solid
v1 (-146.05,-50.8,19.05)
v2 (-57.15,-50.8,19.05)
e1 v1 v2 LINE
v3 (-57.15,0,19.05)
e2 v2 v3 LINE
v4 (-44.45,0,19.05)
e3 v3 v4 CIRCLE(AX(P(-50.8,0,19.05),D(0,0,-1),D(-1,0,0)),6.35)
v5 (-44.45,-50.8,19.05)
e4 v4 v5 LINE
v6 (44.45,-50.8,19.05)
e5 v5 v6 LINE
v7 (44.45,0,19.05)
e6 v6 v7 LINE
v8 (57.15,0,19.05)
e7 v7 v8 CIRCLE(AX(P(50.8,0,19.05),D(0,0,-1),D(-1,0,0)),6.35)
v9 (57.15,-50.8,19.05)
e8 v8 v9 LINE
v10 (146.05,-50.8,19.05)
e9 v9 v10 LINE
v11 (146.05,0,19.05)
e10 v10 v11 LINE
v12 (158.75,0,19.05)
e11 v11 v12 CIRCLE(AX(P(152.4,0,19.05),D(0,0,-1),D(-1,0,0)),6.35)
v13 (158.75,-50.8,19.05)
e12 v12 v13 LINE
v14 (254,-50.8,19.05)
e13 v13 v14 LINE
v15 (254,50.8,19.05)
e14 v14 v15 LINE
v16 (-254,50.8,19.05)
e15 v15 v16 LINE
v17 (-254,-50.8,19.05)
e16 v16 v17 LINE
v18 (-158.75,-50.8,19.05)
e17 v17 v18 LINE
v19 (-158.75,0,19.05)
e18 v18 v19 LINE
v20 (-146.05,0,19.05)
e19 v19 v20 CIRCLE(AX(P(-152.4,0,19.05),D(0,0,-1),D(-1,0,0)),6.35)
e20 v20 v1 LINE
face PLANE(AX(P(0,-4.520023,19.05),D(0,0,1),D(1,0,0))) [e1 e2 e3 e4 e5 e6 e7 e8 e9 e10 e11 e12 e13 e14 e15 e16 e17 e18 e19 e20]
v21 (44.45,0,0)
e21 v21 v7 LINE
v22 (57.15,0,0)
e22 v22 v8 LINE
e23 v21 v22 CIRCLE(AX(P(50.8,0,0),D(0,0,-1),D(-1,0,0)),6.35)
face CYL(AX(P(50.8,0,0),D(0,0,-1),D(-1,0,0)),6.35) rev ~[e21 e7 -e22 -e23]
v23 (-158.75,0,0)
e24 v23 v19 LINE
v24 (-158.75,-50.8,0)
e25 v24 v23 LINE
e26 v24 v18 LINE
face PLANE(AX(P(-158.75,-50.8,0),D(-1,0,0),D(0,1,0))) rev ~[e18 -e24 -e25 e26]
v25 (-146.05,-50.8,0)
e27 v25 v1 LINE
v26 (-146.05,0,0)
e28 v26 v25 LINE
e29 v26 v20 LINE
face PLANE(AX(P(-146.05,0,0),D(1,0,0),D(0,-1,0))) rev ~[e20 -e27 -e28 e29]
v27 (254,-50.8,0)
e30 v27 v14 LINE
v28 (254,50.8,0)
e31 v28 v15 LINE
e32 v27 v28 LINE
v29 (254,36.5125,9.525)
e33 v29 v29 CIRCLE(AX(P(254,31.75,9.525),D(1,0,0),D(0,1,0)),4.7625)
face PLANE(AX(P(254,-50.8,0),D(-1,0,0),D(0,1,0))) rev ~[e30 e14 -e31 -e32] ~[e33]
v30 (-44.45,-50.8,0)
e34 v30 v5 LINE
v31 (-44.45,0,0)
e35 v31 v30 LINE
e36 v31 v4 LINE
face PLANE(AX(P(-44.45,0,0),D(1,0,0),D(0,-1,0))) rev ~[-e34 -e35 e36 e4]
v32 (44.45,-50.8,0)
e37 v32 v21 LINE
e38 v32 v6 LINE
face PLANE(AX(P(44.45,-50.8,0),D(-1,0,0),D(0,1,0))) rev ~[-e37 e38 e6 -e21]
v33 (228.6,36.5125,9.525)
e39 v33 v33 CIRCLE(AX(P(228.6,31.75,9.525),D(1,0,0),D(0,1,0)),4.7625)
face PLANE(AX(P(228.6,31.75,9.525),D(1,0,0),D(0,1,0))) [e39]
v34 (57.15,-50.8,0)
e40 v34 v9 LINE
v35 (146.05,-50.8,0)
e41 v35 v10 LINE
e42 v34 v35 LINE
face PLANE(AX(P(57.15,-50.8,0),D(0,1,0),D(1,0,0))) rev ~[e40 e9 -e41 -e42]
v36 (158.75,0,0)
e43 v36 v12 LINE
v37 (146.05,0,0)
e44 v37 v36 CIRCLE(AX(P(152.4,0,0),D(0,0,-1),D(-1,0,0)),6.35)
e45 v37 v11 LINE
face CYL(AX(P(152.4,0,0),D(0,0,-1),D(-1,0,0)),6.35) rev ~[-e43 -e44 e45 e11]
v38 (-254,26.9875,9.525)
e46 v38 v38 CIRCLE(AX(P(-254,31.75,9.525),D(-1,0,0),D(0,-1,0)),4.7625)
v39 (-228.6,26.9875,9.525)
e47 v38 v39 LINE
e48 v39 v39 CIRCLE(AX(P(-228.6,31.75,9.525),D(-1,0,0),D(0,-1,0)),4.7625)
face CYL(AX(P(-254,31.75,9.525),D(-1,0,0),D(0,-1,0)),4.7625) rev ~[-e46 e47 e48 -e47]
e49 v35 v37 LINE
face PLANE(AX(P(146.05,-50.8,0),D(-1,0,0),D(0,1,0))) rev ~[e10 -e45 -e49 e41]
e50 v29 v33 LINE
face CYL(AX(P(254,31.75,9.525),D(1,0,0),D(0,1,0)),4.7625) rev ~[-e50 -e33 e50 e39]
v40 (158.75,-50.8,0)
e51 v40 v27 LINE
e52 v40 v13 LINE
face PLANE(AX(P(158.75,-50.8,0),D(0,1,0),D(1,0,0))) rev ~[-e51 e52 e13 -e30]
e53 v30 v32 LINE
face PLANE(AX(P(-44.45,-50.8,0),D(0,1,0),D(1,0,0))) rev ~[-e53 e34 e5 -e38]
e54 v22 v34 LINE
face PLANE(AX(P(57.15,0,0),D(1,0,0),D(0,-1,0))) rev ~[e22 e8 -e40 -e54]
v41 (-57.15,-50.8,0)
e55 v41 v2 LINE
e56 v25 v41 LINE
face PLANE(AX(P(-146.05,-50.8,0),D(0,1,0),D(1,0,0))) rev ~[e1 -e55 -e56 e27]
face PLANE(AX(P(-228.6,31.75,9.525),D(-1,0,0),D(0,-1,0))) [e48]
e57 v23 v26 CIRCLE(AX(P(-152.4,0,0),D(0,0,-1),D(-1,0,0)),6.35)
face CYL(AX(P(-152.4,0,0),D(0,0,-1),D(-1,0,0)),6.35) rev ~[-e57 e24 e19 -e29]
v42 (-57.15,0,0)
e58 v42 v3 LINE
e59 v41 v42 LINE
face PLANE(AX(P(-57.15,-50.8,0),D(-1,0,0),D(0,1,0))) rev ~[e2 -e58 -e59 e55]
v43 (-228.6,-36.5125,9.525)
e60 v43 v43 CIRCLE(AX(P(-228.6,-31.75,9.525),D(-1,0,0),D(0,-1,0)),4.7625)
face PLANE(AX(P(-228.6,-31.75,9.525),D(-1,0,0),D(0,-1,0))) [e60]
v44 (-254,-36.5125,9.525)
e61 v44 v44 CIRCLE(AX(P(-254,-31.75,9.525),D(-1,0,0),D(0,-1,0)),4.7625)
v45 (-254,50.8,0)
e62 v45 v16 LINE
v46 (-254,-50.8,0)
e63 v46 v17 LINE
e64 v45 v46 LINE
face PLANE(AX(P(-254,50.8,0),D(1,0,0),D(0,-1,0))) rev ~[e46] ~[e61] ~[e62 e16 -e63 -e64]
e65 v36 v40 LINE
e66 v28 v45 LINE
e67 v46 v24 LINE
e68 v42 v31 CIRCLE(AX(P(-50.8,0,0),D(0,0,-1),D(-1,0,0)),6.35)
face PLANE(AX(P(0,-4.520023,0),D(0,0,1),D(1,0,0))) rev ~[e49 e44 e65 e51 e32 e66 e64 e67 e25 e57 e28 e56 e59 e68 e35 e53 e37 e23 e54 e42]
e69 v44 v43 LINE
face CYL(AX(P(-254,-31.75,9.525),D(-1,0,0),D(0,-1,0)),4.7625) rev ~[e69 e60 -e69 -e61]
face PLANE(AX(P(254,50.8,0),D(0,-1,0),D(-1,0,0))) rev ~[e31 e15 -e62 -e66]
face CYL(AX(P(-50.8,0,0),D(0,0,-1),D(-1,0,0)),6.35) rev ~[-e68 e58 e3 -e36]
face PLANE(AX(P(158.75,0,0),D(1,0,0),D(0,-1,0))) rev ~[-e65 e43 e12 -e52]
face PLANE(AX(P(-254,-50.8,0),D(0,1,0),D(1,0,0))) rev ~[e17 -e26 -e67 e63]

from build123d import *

# Parameters (mm, degrees)
F1_DEPTH = 19.05
F2_R     = 4.7625
F3_DEPTH = 25.4
F4_R     = 4.7625
F5_DEPTH = 25.4


with BuildPart() as f1:
    # F0 (on Top) → F1 (new body)
    with BuildSketch(Plane.XY):
        with BuildLine():
            Line((254, -50.8), (254, 50.8))
            Line((254, 50.8), (-254, 50.8))
            Line((-254, 50.8), (-254, -50.8))
            Line((-254, -50.8), (-158.75, -50.8))
            Line((-158.75, -50.8), (-158.75, 0))
            ThreePointArc((-158.75, 0), (-152.4, 6.35), (-146.05, 0))
            Line((-146.05, 0), (-146.05, -50.8))
            Line((-146.05, -50.8), (-57.15, -50.8))
            Line((-57.15, -50.8), (-57.15, 0))
            ThreePointArc((-57.15, 0), (-50.8, 6.35), (-44.45, 0))
            Line((-44.45, 0), (-44.45, -50.8))
            Line((-44.45, -50.8), (44.45, -50.8))
            Line((44.45, -50.8), (44.45, 0))
            ThreePointArc((44.45, 0), (50.8, 6.35), (57.15, 0))
            Line((57.15, 0), (57.15, -50.8))
            Line((57.15, -50.8), (146.05, -50.8))
            Line((146.05, -50.8), (146.05, 0))
            ThreePointArc((146.05, 0), (152.4, 6.35), (158.75, 0))
            Line((158.75, 0), (158.75, -50.8))
            Line((158.75, -50.8), (254, -50.8))
        make_face()
    extrude(amount=F1_DEPTH)

    # F2 (on face) → F3 (cut)
    with BuildSketch(Plane.YZ.offset(254)):
        with Locations((31.75, 9.525)):
            Circle(F2_R)
    extrude(amount=-F3_DEPTH, mode=Mode.SUBTRACT)

    # F4 (on face) → F5 (cut)
    with BuildSketch(Plane(origin=(-254, 0, 0), x_dir=(0, -1, 0), z_dir=(-1, 0, 0))):
        with Locations((-31.75, 9.525)):
            Circle(F4_R)
        with Locations((31.75, 9.525)):
            Circle(F4_R)
    extrude(amount=-F5_DEPTH, mode=Mode.SUBTRACT)


solid = f1.part
